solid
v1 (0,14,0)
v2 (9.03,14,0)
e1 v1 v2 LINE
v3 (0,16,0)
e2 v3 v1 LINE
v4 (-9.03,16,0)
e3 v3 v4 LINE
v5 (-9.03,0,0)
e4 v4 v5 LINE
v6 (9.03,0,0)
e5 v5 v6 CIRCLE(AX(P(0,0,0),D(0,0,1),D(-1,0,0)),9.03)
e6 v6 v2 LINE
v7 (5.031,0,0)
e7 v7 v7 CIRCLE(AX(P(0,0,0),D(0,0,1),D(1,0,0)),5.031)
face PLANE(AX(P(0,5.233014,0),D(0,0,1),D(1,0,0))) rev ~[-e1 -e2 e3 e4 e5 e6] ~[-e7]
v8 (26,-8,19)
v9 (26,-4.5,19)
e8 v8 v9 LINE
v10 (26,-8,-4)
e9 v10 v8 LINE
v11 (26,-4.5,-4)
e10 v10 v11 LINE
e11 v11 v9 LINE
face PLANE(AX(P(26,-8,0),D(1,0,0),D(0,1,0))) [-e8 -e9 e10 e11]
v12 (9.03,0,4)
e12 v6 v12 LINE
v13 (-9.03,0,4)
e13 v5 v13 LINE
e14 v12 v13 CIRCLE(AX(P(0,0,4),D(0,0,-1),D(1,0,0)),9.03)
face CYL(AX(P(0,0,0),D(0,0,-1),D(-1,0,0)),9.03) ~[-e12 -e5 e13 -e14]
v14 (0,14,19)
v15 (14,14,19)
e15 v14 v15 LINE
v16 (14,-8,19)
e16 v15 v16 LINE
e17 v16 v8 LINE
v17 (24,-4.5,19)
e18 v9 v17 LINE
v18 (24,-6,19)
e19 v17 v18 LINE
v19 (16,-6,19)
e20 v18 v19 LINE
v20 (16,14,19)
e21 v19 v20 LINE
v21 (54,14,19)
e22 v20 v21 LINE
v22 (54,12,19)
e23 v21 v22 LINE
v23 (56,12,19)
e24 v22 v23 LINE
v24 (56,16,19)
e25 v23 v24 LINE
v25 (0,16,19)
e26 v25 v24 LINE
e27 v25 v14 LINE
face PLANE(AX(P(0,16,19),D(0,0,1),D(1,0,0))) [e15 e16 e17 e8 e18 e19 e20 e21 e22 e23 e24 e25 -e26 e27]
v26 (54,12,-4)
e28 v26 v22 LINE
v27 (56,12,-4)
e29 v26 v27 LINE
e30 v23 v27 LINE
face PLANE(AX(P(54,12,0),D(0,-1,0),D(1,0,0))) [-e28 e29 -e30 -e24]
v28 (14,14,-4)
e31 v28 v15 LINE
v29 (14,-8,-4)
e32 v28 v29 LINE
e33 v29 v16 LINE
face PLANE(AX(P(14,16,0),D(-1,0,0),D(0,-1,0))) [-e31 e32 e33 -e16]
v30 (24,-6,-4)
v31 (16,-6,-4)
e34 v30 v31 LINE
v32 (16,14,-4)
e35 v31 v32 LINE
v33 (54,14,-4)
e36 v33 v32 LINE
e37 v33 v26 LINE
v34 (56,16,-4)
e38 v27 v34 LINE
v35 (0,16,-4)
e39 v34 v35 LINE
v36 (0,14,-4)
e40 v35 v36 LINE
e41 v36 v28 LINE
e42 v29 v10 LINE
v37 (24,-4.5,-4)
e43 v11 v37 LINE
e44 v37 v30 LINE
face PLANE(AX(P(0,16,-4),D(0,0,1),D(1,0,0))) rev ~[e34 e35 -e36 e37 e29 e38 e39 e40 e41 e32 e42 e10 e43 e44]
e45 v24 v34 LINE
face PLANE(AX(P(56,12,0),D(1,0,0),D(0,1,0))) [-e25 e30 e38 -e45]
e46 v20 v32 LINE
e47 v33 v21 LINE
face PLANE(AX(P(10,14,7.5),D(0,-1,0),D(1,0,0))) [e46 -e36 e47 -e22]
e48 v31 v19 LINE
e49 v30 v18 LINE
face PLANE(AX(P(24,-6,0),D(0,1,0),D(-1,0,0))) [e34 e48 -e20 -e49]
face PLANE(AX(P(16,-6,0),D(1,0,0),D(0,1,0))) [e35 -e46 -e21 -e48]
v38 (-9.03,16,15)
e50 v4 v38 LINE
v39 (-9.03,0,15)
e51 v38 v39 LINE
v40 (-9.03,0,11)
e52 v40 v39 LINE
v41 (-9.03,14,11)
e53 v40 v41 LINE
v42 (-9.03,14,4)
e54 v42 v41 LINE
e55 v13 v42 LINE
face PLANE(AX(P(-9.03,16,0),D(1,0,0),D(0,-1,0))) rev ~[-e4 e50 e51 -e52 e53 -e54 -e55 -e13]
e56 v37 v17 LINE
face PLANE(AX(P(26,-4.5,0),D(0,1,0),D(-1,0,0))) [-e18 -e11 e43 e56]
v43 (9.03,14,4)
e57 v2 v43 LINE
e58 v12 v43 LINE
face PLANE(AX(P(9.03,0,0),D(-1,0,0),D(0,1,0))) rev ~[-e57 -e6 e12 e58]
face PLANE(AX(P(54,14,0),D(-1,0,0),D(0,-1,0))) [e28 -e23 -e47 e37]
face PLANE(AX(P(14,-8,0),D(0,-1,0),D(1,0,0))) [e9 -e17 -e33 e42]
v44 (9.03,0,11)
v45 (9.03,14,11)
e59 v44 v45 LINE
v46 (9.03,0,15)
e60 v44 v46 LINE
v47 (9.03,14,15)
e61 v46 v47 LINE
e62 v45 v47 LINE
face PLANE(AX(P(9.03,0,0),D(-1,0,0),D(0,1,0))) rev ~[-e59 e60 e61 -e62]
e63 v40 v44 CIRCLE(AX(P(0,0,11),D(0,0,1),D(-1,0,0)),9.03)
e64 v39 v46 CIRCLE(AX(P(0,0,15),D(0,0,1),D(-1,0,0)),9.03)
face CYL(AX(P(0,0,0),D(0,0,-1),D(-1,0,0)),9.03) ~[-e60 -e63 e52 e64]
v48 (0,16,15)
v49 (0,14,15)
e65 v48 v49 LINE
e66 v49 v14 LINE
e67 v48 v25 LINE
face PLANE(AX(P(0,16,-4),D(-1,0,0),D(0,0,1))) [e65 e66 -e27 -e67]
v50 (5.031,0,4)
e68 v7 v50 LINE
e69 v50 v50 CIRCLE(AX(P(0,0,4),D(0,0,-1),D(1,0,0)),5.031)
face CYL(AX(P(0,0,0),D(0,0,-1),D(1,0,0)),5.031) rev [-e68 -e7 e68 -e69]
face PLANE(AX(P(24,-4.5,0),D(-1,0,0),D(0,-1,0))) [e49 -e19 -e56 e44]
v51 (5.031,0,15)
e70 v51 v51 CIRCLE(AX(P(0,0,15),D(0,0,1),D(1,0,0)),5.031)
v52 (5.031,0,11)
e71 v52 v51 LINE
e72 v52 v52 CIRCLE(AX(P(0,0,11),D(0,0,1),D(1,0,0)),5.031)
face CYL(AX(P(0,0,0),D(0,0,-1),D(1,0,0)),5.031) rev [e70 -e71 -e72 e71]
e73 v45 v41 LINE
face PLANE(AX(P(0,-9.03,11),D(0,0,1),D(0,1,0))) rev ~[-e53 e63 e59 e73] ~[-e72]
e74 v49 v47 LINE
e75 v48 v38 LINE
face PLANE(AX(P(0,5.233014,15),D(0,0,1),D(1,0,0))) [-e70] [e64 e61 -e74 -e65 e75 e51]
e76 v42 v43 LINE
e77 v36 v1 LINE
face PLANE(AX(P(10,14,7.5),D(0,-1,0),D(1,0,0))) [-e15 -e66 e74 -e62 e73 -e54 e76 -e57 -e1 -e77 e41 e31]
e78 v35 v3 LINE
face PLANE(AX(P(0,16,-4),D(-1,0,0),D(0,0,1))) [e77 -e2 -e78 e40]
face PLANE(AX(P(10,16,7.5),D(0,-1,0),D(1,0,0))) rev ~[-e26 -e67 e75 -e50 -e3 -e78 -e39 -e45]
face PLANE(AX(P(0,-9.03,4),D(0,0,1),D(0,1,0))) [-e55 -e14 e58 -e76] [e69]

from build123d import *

# Parameters (mm, degrees)
SKETCH004_R       = 5.031
PAD005_DEPTH      = 15
SKETCH007_W       = 23.03
SKETCH007_H       = 7
POCKET_DEPTH      = 9.031
POCKET_DEPTH_BACK = 9.031
SKETCH008_W       = 20
SKETCH008_H       = 23
PAD006_DEPTH      = 2
PAD012_DEPTH      = 4
PAD013_DEPTH      = 19


with BuildPart() as part:
    # Sketch004 → Pad005 (new body)
    with BuildSketch(Plane.XY):
        with BuildLine():
            ThreePointArc((-9.03, 0), (0, -9.03), (9.03, 0))
            Line((9.03, 0), (9.03, 16))
            Line((9.03, 16), (-9.03, 16))
            Line((-9.03, 16), (-9.03, 0))
        make_face()
        Circle(SKETCH004_R, mode=Mode.SUBTRACT)
    extrude(amount=PAD005_DEPTH)

    # Sketch007 → Pocket (cut, two sides)
    with BuildSketch(Plane.YZ) as pocket_sk:
        with Locations((2.485, 7.5)):
            Rectangle(SKETCH007_W, SKETCH007_H)
    extrude(amount=-POCKET_DEPTH, mode=Mode.SUBTRACT)
    extrude(pocket_sk.sketch, amount=POCKET_DEPTH_BACK, mode=Mode.SUBTRACT)

    # Sketch008 → Pad006 (join)
    with BuildSketch(Plane.XZ.offset(-16)):
        with Locations((10, 7.5)):
            Rectangle(SKETCH008_W, SKETCH008_H)
    extrude(amount=PAD006_DEPTH)

    # Sketch018 → Pad012 (join)
    with BuildSketch(Plane.XY):
        Polygon((14, 16.280637), (14, -8), (26, -8), (26, -4.5), (24, -4.5), (24, -6), (16, -6), (16, 14), (54, 14), (54, 12), (56, 12), (56, 14), (56, 16), (14, 16), align=None)
    extrude(amount=-PAD012_DEPTH)

    # Sketch018 → Pad013 (join)
    with BuildSketch(Plane.XY):
        Polygon((14, 16.280637), (14, -8), (26, -8), (26, -4.5), (24, -4.5), (24, -6), (16, -6), (16, 14), (54, 14), (54, 12), (56, 12), (56, 14), (56, 16), (14, 16), align=None)
    extrude(amount=PAD013_DEPTH)


solid = part.part
